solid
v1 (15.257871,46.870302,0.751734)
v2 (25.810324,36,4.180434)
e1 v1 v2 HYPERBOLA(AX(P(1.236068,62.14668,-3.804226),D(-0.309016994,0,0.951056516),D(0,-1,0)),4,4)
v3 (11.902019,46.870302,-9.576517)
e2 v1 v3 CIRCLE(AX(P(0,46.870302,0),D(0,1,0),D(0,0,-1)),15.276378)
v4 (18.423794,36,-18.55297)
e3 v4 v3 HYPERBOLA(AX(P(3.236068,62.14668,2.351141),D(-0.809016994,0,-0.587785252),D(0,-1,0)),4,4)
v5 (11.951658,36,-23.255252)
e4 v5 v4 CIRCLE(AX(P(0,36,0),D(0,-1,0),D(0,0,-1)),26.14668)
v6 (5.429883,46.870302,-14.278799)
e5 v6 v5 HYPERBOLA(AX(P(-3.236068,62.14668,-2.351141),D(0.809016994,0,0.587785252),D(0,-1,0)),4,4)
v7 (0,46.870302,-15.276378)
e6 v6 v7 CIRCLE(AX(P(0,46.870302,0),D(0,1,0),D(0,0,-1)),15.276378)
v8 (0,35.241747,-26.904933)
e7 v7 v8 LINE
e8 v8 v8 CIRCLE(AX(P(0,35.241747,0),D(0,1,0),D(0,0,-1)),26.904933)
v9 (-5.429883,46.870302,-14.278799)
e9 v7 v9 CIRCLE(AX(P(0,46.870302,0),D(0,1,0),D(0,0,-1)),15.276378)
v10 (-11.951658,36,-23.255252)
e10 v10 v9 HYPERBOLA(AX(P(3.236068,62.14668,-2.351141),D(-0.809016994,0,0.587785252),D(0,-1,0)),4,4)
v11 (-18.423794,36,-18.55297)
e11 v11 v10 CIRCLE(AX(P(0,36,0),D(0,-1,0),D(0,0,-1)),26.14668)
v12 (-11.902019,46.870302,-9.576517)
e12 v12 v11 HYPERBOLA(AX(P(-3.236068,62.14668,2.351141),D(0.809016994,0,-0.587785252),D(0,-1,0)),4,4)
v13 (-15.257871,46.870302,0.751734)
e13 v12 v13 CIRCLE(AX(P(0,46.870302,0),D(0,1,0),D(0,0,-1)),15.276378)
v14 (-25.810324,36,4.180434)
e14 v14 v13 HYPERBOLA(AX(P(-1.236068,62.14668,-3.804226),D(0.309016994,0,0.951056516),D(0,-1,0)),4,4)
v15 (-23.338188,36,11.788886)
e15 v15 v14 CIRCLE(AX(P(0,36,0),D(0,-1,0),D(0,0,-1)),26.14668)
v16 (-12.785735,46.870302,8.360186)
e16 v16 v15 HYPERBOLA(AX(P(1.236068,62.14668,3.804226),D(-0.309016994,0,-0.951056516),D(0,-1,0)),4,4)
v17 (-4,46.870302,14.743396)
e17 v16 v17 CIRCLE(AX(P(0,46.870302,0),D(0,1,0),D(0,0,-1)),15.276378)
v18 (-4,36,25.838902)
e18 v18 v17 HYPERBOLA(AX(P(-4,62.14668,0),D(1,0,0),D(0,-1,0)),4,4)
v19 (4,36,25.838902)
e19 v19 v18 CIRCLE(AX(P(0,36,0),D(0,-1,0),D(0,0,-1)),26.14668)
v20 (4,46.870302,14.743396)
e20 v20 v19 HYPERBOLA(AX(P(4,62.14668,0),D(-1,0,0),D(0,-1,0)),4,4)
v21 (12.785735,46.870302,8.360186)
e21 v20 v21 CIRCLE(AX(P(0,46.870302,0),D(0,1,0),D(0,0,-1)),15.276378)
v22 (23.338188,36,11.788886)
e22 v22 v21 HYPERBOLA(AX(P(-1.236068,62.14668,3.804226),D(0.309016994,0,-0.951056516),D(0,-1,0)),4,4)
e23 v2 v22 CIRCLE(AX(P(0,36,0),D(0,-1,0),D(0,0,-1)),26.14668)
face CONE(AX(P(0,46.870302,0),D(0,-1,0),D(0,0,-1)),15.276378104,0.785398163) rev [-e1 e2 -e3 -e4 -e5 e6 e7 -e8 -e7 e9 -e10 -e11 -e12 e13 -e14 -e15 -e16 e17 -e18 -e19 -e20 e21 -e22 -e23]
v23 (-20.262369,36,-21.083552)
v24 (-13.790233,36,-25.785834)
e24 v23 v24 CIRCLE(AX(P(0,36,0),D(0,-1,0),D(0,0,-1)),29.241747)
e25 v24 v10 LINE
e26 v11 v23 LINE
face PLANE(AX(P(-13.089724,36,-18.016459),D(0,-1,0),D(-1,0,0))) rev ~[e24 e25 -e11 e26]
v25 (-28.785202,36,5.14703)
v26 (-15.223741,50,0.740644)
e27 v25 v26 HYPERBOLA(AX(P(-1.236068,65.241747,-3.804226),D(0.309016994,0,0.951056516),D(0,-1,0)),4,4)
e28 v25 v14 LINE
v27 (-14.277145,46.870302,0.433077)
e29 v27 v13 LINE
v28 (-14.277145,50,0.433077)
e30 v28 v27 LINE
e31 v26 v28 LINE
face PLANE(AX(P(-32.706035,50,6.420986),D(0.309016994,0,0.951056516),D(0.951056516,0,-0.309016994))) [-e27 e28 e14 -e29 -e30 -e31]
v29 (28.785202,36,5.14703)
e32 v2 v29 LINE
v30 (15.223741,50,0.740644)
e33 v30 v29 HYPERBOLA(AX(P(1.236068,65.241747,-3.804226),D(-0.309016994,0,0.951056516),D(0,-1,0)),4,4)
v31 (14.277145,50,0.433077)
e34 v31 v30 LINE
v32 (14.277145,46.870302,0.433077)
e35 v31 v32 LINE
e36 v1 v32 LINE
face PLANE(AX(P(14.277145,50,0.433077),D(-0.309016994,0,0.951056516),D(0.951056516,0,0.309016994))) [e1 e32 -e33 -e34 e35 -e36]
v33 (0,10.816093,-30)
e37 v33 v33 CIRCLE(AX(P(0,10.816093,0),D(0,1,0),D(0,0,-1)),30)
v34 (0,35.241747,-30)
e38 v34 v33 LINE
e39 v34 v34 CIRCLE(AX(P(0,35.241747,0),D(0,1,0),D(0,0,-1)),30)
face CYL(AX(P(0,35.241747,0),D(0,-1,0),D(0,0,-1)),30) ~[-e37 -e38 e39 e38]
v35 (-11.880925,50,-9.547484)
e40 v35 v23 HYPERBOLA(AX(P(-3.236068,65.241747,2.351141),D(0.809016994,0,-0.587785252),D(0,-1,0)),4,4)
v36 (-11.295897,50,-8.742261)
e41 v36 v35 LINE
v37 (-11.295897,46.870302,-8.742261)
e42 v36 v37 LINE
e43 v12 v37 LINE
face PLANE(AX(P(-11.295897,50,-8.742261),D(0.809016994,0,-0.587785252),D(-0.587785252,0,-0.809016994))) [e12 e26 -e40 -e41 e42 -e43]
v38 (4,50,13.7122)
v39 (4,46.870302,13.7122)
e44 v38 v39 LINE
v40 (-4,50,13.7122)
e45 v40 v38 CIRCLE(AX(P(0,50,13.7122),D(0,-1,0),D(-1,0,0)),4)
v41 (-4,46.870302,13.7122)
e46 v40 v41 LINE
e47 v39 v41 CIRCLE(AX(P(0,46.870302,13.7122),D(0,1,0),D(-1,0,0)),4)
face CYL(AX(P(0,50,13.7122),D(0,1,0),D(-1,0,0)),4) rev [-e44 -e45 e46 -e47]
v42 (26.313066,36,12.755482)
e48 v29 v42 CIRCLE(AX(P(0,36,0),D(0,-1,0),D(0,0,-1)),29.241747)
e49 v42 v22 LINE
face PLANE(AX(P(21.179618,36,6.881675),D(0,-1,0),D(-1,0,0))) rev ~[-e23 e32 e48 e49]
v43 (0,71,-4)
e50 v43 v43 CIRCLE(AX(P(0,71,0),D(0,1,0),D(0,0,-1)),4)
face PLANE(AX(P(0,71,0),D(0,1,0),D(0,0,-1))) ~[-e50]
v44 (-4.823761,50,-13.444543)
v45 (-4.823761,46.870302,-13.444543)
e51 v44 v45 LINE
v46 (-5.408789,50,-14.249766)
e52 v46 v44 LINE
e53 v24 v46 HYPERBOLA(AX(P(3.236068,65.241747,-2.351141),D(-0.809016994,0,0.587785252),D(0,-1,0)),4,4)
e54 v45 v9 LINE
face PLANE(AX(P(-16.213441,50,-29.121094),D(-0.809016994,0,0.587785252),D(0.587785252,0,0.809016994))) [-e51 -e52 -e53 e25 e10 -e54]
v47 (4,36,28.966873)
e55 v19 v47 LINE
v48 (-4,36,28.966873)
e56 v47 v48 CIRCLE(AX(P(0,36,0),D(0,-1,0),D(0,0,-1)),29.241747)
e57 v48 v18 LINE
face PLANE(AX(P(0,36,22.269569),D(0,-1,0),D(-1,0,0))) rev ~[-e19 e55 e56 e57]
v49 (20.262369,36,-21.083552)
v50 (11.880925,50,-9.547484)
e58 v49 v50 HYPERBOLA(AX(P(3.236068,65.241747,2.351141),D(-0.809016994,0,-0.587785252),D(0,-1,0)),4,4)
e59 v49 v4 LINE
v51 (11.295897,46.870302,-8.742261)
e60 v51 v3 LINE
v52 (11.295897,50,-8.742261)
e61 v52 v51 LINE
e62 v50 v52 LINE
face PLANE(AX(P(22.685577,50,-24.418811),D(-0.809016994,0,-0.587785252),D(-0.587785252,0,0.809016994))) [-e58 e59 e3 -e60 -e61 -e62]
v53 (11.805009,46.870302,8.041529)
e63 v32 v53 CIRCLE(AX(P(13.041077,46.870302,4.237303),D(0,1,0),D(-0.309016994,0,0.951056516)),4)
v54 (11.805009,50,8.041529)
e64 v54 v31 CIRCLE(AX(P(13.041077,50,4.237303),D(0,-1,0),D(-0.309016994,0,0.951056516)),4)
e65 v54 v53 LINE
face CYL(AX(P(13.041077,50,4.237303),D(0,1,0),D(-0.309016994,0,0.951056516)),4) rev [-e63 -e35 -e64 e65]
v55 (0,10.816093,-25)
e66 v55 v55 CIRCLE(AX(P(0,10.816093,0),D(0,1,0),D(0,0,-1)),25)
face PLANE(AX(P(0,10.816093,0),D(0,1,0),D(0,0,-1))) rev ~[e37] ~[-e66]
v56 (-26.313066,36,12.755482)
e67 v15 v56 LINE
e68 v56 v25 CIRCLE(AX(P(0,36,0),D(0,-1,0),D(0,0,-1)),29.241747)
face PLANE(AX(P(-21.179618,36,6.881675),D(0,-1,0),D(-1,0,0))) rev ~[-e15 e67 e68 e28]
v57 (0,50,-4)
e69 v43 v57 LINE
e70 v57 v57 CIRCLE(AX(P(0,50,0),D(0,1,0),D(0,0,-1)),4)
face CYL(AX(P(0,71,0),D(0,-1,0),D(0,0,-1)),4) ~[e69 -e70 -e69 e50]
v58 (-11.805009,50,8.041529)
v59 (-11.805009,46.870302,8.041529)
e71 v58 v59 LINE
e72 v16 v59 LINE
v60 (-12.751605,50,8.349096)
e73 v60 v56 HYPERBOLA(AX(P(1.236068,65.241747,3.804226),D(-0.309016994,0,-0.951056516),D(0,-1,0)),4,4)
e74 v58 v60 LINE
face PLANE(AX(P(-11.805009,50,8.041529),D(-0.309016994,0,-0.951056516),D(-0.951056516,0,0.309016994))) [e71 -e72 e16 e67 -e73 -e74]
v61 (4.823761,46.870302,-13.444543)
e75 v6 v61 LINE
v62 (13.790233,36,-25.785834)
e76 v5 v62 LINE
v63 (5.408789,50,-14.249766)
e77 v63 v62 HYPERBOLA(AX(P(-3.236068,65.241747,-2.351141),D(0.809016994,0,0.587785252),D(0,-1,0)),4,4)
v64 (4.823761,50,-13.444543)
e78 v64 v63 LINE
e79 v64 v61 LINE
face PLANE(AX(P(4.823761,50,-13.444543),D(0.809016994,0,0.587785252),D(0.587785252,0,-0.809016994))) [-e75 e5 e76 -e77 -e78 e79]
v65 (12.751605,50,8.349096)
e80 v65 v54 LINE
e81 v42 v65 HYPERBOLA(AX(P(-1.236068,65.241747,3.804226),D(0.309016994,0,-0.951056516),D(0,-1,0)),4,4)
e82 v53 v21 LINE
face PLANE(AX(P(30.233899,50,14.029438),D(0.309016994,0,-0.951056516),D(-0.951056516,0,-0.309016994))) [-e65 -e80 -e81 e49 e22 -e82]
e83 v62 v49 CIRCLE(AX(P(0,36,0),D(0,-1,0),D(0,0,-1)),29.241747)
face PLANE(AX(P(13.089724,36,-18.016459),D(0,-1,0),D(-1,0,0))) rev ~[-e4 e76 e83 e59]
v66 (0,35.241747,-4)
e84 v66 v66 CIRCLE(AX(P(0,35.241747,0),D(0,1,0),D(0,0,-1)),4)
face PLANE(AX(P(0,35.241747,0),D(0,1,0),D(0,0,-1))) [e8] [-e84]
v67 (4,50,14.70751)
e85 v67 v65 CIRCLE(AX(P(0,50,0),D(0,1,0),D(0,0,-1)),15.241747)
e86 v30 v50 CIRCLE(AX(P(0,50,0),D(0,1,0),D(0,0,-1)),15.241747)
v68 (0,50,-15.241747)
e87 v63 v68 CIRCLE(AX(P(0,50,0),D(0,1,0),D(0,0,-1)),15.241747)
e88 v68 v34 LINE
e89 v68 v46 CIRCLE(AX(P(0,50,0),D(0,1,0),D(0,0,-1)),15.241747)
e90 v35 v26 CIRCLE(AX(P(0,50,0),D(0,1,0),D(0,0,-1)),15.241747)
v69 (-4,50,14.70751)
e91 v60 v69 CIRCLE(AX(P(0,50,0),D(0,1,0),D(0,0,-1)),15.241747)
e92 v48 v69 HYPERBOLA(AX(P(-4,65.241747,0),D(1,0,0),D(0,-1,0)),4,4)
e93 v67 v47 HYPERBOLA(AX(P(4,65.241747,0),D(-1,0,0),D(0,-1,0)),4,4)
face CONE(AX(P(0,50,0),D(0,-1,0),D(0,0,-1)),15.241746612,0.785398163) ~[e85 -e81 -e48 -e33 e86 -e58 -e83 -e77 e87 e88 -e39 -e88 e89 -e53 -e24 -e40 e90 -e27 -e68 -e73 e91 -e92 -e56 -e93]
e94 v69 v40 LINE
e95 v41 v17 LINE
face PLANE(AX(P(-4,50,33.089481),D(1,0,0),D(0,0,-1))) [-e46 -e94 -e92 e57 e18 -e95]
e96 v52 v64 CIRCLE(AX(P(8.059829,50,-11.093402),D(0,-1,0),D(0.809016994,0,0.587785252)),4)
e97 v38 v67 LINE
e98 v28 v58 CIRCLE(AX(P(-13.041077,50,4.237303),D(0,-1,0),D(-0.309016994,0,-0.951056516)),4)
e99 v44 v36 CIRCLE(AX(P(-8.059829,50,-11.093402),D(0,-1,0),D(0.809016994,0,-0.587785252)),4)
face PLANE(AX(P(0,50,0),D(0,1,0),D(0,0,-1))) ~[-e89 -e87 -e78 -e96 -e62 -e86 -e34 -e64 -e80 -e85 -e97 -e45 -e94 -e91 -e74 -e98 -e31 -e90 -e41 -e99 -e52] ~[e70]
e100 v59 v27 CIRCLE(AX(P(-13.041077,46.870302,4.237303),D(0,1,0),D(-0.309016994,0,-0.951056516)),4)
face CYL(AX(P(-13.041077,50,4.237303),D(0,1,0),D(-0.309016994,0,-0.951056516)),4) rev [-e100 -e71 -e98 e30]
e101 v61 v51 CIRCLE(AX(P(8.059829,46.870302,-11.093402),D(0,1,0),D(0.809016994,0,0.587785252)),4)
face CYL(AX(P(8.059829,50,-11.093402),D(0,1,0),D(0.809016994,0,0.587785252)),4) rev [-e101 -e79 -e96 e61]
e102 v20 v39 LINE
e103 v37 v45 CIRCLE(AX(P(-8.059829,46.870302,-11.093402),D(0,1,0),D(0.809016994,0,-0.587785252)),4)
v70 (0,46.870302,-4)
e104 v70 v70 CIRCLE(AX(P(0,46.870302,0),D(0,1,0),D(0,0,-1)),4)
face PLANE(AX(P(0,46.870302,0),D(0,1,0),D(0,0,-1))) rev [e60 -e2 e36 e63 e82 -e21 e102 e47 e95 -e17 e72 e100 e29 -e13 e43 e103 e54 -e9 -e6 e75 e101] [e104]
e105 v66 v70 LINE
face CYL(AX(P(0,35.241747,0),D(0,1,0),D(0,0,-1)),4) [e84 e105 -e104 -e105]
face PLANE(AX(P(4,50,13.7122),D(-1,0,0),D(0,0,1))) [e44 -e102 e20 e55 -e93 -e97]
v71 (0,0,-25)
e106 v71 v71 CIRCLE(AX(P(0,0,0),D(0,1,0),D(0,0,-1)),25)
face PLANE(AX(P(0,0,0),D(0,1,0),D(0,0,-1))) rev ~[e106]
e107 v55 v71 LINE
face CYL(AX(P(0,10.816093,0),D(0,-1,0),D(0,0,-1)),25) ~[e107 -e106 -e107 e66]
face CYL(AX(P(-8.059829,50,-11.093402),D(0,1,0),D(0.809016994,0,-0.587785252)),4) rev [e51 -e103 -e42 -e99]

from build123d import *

# Parameters (mm, degrees)
CUT_EXTRUDE1_DEPTH = 14


with BuildPart() as part:
    # Sketch1 → Revolve1 (revolve)
    with BuildSketch(Plane.XY, mode=Mode.PRIVATE) as revolve1_sk:
        Polygon((0, 0), (0, 71), (4, 71), (4, 50), (15.241746612, 50), (30, 35.241746612), (30, 10.816092816), (25, 10.816092816), (25, 0), align=None)
        Polygon((4, 46.870301593), (15.276378104, 46.870301593), (26.904933085, 35.241746612), (4, 35.241746612), align=None, mode=Mode.SUBTRACT)
    revolve(revolve1_sk.sketch.rotate(Axis((0, 0, 0), (0, 1, 0)), 90), axis=Axis((0, 0, 0), (0, 1, 0)))

    # Sketch2 → Cut-Extrude1 (cut)
    with BuildSketch(Plane(origin=(0, 50, 0), x_dir=(1, 0, 0), z_dir=(0, 1, 0))):
        with BuildLine():
            Line((4, -13.71219958), (4, -33.089481043))
            Line((4, -33.089481043), (-4, -33.089481043))
            Line((-4, -33.089481043), (-4, -13.71219958))
            ThreePointArc((-4, -13.71219958), (0, -9.71219958), (4, -13.71219958))
        make_face()
        with BuildLine():
            Line((-30.23389859, -14.029438043), (-32.706034545, -6.420985912))
            Line((-32.706034545, -6.420985912), (-14.277144741, -0.433076635))
            ThreePointArc((-14.277144741, -0.433076635), (-9.236850698, -3.001234723), (-11.805008786, -8.041528766))
            Line((-11.805008786, -8.041528766), (-30.23389859, -14.029438043))
        make_face()
        with BuildLine():
            Line((-22.685576941, 24.41881149), (-16.213440986, 29.121093508))
            Line((-16.213440986, 29.121093508), (-4.823760712, 13.4445435))
            ThreePointArc((-4.823760712, 13.4445435), (-5.708687681, 7.857334513), (-11.295896667, 8.742261481))
            Line((-11.295896667, 8.742261481), (-22.685576941, 24.41881149))
        make_face()
        with BuildLine():
            Line((16.213440986, 29.121093508), (22.685576941, 24.41881149))
            Line((22.685576941, 24.41881149), (11.295896667, 8.742261481))
            ThreePointArc((11.295896667, 8.742261481), (5.708687681, 7.857334513), (4.823760712, 13.4445435))
            Line((4.823760712, 13.4445435), (16.213440986, 29.121093508))
        make_face()
        with BuildLine():
            Line((32.706034545, -6.420985912), (30.23389859, -14.029438043))
            Line((30.23389859, -14.029438043), (11.805008786, -8.041528766))
            ThreePointArc((11.805008786, -8.041528766), (9.236850698, -3.001234723), (14.277144741, -0.433076635))
            Line((14.277144741, -0.433076635), (32.706034545, -6.420985912))
        make_face()
    extrude(amount=-CUT_EXTRUDE1_DEPTH, mode=Mode.SUBTRACT)


solid = part.part
